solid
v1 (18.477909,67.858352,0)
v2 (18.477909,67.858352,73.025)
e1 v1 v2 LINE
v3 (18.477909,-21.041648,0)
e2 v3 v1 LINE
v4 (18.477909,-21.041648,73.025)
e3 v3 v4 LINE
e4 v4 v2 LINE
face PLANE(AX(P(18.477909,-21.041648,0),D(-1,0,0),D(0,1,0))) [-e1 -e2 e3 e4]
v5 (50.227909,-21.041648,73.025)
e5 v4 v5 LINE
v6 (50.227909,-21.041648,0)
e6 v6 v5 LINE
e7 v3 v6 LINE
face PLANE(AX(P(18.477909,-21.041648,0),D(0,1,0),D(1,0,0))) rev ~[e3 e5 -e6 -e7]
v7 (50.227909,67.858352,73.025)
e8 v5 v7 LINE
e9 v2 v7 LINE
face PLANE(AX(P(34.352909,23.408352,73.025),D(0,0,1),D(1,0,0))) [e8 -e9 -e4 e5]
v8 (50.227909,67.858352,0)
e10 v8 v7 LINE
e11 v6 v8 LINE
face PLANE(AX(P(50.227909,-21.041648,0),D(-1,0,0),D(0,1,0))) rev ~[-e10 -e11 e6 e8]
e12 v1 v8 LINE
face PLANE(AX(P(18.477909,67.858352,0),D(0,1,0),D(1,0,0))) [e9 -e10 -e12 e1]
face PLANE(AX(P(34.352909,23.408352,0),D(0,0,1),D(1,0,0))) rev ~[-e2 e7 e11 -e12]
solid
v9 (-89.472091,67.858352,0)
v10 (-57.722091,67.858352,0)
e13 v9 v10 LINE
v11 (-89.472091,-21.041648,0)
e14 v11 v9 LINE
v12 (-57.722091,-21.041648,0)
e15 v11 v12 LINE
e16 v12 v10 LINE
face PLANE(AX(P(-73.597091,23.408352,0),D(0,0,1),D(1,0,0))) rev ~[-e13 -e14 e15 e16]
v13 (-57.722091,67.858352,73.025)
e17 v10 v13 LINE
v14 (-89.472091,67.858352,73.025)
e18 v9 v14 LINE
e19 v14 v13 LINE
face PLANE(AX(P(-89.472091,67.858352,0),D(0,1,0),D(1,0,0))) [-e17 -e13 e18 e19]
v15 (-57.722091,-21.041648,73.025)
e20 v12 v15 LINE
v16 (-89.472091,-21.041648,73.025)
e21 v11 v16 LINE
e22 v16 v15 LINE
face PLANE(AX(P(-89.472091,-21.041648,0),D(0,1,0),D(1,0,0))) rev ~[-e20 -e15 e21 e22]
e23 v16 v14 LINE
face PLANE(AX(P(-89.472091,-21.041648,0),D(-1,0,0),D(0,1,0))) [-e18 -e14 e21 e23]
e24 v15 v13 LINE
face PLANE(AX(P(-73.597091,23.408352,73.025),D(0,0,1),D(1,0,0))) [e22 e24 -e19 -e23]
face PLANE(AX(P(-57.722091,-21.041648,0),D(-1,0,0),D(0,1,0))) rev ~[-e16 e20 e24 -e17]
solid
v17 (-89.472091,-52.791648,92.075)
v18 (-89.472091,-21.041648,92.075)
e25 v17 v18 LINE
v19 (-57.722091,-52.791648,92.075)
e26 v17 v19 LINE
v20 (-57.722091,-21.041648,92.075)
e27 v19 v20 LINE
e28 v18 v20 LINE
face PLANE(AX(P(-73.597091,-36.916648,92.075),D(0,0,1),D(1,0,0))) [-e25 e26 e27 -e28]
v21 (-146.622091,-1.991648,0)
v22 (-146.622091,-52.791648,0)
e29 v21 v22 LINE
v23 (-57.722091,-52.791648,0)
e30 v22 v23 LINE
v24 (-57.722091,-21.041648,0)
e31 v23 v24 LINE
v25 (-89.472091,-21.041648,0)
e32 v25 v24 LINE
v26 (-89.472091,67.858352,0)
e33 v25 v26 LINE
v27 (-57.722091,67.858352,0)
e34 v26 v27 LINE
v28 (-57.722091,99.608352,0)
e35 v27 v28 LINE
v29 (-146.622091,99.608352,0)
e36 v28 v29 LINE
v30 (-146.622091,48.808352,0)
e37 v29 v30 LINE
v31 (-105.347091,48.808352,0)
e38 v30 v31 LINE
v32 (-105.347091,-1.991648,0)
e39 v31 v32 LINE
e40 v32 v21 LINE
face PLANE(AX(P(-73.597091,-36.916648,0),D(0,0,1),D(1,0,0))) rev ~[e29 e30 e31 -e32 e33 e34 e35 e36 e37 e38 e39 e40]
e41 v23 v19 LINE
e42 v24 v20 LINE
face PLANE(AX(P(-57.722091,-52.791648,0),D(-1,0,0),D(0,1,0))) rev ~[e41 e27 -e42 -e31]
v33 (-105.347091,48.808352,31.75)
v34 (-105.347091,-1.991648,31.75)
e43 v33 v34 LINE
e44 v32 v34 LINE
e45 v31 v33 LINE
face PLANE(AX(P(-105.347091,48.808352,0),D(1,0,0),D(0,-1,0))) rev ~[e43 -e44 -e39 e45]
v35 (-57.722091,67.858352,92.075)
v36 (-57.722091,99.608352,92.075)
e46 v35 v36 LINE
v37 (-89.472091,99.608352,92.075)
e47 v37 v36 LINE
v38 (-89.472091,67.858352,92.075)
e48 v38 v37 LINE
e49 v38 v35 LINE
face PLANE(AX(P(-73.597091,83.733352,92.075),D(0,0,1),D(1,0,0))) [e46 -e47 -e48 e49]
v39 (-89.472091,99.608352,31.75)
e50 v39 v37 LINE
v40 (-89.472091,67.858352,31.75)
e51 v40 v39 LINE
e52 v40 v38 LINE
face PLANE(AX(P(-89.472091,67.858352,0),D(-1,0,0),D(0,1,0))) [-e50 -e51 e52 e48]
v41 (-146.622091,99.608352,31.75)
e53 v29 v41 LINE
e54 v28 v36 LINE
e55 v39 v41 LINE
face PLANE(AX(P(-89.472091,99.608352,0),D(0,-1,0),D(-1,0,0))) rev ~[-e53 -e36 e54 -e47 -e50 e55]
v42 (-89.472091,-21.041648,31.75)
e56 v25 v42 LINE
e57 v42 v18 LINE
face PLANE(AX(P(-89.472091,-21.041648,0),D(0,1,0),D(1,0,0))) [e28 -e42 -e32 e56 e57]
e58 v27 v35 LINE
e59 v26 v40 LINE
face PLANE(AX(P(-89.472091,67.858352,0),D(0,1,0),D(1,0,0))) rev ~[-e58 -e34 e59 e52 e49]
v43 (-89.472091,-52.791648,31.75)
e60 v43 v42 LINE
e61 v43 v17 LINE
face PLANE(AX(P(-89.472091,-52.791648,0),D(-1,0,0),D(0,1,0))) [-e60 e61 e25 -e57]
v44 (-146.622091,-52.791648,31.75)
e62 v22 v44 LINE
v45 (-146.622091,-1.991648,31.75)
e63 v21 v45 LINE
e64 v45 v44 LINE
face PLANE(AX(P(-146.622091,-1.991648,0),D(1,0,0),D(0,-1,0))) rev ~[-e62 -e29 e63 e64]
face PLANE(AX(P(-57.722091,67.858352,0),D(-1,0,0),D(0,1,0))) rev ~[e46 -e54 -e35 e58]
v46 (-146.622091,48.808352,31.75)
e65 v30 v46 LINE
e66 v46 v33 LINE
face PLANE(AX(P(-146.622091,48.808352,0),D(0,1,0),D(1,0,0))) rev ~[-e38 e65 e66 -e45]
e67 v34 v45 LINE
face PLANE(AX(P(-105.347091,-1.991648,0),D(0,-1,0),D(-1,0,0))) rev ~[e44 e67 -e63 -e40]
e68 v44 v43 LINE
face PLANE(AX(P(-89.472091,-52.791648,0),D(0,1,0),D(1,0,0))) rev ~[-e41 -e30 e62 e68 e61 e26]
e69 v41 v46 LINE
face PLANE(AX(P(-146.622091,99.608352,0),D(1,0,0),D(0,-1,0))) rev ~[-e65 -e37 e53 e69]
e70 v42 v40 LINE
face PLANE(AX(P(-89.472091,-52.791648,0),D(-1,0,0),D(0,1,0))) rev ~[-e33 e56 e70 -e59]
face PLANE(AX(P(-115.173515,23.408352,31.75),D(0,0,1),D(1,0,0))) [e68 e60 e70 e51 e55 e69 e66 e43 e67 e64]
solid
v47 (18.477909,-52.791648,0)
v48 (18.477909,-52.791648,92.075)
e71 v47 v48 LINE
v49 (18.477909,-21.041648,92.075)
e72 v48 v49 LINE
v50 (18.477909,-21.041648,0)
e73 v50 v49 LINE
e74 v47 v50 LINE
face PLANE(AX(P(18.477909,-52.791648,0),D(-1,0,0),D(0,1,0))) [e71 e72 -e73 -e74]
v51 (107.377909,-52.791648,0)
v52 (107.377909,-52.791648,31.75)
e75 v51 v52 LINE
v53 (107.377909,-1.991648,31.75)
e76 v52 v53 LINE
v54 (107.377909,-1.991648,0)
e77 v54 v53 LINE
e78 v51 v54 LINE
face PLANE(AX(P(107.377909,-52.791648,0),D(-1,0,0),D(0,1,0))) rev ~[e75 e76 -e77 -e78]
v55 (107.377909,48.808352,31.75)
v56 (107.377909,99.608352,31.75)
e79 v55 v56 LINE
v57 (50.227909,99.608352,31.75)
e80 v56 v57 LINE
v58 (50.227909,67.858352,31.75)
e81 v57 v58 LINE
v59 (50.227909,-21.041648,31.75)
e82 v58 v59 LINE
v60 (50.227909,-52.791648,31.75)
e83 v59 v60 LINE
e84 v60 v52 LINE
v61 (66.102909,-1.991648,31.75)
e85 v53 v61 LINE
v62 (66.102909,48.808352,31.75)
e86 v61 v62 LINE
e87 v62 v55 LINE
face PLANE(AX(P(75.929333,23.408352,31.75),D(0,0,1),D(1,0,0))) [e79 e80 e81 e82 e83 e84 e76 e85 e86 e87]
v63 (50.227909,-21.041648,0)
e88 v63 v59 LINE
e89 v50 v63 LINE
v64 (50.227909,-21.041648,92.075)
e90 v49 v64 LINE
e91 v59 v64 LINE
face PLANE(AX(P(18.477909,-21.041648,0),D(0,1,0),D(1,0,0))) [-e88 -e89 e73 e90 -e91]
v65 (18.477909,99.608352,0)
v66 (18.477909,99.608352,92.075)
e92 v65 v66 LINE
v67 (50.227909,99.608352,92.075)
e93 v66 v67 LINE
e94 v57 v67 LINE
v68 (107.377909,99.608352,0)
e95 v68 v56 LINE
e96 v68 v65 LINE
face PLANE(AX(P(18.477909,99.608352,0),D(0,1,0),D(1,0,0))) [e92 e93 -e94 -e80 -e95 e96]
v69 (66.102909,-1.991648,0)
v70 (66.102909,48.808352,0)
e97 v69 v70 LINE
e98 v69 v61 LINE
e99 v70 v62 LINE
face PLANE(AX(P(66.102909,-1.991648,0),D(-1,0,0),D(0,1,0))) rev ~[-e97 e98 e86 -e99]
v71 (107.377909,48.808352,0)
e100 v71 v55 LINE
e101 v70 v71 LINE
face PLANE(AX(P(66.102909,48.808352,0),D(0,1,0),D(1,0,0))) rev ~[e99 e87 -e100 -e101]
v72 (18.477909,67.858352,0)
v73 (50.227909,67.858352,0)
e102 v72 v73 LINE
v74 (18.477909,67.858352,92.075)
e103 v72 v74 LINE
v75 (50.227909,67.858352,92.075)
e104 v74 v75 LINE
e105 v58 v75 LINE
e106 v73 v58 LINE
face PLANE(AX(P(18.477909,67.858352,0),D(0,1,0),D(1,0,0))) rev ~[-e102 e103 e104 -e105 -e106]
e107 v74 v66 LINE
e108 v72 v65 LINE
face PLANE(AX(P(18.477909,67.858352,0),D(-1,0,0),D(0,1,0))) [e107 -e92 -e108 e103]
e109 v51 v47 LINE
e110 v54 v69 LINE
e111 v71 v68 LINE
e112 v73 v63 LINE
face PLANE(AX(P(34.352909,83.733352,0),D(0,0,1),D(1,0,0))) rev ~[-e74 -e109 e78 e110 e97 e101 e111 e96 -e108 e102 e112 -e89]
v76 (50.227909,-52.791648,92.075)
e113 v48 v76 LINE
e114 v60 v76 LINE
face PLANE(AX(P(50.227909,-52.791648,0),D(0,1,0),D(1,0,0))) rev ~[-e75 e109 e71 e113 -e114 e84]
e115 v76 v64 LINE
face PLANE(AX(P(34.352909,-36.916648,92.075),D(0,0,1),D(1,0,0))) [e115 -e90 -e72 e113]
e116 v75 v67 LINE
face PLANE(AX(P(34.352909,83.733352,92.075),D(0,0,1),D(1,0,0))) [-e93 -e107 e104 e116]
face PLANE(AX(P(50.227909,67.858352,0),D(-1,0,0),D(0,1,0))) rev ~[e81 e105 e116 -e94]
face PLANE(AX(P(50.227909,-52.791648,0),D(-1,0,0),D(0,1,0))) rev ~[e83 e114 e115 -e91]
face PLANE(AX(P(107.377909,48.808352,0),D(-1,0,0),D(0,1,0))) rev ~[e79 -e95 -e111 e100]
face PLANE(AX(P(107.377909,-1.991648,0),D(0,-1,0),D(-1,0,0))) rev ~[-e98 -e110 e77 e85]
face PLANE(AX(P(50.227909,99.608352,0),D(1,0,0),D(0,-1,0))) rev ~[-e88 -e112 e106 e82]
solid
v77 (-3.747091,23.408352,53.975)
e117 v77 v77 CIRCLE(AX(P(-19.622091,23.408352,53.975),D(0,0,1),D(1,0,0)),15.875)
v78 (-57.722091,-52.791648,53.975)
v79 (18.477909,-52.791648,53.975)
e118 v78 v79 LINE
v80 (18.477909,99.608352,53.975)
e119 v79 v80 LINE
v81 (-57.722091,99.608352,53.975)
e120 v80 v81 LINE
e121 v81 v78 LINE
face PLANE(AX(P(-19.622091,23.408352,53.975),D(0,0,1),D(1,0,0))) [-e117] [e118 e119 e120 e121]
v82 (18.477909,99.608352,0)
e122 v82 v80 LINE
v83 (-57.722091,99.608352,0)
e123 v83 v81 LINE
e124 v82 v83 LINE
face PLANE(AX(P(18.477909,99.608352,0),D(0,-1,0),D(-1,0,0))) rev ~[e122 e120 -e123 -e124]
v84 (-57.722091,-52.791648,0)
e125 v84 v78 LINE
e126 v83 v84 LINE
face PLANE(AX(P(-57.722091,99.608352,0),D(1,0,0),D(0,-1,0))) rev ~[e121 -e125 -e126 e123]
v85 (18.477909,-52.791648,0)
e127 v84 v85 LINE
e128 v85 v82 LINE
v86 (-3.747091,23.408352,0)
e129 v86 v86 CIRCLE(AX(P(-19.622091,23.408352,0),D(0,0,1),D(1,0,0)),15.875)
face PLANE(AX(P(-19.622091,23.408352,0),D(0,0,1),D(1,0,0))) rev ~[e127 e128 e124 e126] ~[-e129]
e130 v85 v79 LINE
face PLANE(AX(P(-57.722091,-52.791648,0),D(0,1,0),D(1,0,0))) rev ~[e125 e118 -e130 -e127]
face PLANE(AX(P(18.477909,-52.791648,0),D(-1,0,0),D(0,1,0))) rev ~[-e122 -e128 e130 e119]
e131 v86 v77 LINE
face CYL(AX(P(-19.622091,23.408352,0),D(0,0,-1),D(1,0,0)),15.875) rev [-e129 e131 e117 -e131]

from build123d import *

# Parameters (mm, degrees)
F1_DEPTH = 31.75
F0_W     = 31.75
F0_H     = 31.75
F2_DEPTH = 92.075
F0_H_2   = 88.9
F3_DEPTH = 73.025
F0_R     = 15.875
F4_DEPTH = 53.975


with BuildPart() as f1:
    # F0 (on Top) → F1 (new body)
    with BuildSketch(Plane.XY):
        Polygon((107.377909, 99.608352), (50.227909, 99.608352), (50.227909, 67.858352), (50.227909, -21.041648), (50.227909, -52.791648), (107.377909, -52.791648), (107.377909, -1.991648), (66.102909, -1.991648), (66.102909, 48.808352), (107.377909, 48.808352), align=None)
        Polygon((-89.472091, 99.608352), (-146.622091, 99.608352), (-146.622091, 48.808352), (-105.347091, 48.808352), (-105.347091, -1.991648), (-146.622091, -1.991648), (-146.622091, -52.791648), (-89.472091, -52.791648), (-89.472091, -21.041648), (-89.472091, 67.858352), align=None)
    extrude(amount=F1_DEPTH)

    # F0 (on Top) → F2 (join)
    with BuildSketch(Plane.XY):
        with Locations((-73.597091, -36.916648)):
            Rectangle(F0_W, F0_H)
        with Locations((-73.597091, 83.733352)):
            Rectangle(F0_W, F0_H)
        with Locations((34.352909, 83.733352)):
            Rectangle(F0_W, F0_H)
        with Locations((34.352909, -36.916648)):
            Rectangle(F0_W, F0_H)
    extrude(amount=F2_DEPTH)


with BuildPart() as f3:
    # F0 (on Top) → F3 (new body)
    with BuildSketch(Plane.XY):
        with Locations((-73.597091, 23.408352)):
            Rectangle(F0_W, F0_H_2)
        with Locations((34.352909, 23.408352)):
            Rectangle(F0_W, F0_H_2)
    extrude(amount=F3_DEPTH)


with BuildPart() as f4:
    # F0 (on Top) → F4 (new body)
    with BuildSketch(Plane.XY):
        Polygon((18.477909, 99.608352), (-57.722091, 99.608352), (-57.722091, 67.858352), (-57.722091, -21.041648), (-57.722091, -52.791648), (18.477909, -52.791648), (18.477909, -21.041648), (18.477909, 67.858352), align=None)
        with Locations((-19.622091, 23.408352)):
            Circle(F0_R, mode=Mode.SUBTRACT)
    extrude(amount=F4_DEPTH)


solid = Compound([f1.part, f3.part, f4.part])
